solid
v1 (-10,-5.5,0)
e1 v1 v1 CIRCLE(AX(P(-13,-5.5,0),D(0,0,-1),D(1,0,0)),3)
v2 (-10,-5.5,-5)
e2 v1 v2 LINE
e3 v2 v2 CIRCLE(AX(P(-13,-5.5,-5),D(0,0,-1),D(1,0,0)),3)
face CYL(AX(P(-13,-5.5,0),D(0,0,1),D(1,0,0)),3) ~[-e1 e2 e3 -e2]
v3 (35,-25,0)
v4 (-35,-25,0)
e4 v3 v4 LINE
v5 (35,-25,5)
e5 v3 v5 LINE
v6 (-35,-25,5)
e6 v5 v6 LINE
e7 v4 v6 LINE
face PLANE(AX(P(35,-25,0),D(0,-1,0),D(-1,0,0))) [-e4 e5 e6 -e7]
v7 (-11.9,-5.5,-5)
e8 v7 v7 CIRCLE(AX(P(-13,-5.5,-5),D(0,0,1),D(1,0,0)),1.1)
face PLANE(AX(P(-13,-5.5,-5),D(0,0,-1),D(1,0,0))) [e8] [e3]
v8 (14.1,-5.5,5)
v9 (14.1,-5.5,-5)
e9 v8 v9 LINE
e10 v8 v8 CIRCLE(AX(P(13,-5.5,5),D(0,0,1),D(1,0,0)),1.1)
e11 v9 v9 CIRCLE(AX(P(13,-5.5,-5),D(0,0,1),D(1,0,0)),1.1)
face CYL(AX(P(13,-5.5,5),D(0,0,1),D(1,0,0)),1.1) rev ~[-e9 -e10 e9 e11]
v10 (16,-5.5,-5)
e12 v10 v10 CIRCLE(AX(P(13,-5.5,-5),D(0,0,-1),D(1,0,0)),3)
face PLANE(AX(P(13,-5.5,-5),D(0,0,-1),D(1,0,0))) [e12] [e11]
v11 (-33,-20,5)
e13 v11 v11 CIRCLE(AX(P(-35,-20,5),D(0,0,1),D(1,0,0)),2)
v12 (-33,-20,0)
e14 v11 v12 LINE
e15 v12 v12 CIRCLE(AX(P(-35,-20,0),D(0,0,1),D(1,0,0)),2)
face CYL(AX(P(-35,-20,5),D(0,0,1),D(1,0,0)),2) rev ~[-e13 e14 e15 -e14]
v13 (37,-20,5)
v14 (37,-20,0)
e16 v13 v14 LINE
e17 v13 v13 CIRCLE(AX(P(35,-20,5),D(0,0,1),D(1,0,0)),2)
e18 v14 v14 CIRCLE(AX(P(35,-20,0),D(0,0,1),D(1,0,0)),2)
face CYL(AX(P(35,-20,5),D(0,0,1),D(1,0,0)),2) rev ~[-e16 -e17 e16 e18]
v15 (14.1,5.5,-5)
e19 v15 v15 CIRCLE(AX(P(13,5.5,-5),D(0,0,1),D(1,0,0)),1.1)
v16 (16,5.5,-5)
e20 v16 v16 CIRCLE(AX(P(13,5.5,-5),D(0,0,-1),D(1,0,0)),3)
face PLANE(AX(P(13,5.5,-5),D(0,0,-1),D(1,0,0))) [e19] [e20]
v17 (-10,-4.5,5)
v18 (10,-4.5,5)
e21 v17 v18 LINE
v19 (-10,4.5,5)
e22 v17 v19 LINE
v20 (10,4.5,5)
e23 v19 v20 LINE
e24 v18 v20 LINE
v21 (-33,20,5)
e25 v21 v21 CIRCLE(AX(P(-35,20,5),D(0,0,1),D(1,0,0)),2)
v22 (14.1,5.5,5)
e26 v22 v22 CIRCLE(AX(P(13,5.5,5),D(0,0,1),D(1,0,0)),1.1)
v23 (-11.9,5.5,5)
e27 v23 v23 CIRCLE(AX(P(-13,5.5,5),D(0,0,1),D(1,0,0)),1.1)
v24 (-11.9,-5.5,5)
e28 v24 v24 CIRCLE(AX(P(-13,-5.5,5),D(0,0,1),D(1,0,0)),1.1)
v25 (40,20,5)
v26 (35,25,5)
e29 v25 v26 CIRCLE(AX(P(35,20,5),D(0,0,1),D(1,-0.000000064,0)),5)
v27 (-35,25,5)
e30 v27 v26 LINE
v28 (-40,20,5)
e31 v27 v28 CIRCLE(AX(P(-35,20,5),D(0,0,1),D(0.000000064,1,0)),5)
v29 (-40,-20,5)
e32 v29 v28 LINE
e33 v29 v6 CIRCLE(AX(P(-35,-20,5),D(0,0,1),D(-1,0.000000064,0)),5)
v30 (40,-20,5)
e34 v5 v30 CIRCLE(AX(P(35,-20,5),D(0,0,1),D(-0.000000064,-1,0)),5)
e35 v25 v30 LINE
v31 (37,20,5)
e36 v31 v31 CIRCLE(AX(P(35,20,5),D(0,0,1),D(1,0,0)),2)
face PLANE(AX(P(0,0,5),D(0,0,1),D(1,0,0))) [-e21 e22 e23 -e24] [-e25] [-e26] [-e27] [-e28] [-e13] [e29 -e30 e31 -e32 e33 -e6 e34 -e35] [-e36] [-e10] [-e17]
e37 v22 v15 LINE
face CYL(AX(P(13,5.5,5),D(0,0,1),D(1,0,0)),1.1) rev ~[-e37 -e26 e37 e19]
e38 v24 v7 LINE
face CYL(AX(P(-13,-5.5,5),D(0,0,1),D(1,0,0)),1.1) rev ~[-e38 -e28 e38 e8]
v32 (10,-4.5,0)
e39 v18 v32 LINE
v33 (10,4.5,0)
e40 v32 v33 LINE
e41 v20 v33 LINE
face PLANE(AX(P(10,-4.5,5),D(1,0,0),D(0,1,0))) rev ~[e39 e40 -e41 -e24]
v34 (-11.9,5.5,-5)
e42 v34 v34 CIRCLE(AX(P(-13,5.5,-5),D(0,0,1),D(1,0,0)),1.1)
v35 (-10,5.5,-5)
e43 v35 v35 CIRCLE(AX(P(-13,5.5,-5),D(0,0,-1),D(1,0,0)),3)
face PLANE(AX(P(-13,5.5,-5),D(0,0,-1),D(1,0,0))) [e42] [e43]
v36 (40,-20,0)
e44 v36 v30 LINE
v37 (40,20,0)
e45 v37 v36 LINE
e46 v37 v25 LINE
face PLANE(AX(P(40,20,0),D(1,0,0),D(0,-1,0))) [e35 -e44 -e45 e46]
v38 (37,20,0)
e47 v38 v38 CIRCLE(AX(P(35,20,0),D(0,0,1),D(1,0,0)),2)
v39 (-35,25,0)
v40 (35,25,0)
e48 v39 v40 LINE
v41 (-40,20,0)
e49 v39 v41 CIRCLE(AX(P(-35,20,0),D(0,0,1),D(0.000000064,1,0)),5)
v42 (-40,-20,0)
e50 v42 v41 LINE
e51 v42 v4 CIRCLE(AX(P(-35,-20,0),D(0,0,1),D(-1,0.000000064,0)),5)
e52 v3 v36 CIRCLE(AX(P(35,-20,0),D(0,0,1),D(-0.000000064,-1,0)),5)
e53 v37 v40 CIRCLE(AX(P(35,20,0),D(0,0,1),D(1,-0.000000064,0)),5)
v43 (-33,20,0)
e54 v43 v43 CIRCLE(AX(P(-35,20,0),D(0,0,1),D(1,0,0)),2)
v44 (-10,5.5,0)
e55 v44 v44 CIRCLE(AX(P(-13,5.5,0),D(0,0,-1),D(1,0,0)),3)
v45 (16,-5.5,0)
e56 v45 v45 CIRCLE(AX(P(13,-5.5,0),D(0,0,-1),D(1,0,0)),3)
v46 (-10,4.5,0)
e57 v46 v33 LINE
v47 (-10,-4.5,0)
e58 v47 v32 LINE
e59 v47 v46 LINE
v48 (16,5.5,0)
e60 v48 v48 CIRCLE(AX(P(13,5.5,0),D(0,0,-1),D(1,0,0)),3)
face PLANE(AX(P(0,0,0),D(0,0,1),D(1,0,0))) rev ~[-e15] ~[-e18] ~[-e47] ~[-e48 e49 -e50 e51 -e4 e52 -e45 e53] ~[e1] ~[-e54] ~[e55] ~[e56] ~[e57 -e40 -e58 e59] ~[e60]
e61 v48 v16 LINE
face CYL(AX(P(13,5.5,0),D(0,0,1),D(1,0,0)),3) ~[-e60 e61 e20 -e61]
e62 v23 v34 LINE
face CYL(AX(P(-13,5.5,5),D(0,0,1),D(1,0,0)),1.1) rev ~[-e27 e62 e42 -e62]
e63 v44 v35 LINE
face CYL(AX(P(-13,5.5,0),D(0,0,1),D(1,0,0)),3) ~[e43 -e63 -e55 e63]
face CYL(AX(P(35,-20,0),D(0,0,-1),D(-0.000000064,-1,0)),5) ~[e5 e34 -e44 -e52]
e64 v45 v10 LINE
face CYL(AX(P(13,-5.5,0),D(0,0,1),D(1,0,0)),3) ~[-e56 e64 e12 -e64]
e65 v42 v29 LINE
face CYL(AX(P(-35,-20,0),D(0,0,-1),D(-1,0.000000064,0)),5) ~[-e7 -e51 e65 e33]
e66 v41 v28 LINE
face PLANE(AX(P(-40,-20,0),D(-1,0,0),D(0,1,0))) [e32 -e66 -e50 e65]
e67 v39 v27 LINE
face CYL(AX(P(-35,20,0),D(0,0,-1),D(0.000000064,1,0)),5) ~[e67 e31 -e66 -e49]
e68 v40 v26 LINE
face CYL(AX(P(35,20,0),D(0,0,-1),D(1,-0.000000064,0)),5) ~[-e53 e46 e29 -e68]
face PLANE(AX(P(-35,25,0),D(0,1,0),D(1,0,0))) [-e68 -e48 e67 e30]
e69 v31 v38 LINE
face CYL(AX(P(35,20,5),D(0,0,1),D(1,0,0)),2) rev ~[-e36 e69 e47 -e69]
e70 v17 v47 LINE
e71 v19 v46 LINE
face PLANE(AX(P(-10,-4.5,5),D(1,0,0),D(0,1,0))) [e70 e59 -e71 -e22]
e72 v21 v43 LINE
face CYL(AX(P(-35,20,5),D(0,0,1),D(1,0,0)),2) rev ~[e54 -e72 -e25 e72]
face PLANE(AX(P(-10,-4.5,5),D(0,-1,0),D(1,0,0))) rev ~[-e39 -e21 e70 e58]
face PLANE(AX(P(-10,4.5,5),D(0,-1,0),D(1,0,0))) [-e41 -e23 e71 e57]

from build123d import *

# Parameters (mm, degrees)
PAD001_DEPTH    = 5
SKETCH006_R     = 2
POCKET003_DEPTH = 20
SKETCH008_R     = 3
PAD002_DEPTH    = 5
SKETCH007_R     = 1.1
SKETCH007_W     = 20
SKETCH007_H     = 9
POCKET004_DEPTH = 20


with BuildPart() as part:
    # Sketch005 → Pad001 (new body)
    with BuildSketch(Plane.XY):
        with BuildLine():
            ThreePointArc((-35, 25), (-38.535534, 23.535534), (-40, 20))
            Line((-40, -20), (-40, 20))
            ThreePointArc((-40, -20), (-38.535534, -23.535534), (-35, -25))
            Line((35, -25), (-35, -25))
            ThreePointArc((35, -25), (38.535534, -23.535534), (40, -20))
            Line((40, 20), (40, -20))
            ThreePointArc((40, 20), (38.535534, 23.535534), (35, 25))
            Line((-35, 25), (35, 25))
        make_face()
    extrude(amount=PAD001_DEPTH)

    # Sketch006 (on Face10 of Pad001) → Pocket003 (cut)
    with BuildSketch(Plane.XY.offset(5)):
        with Locations((-35, 20)):
            Circle(SKETCH006_R)
        with Locations((35, 20)):
            Circle(SKETCH006_R)
        with Locations((35, -20)):
            Circle(SKETCH006_R)
        with Locations((-35, -20)):
            Circle(SKETCH006_R)
    extrude(amount=-POCKET003_DEPTH, mode=Mode.SUBTRACT)

    # Sketch008 → Pad002 (join)
    with BuildSketch(Plane(origin=(0, 0, 0), x_dir=(1, 0, 0), z_dir=(0, 0, -1))):
        with Locations((-13, 5.5)):
            Circle(SKETCH008_R)
        with Locations((13, 5.5)):
            Circle(SKETCH008_R)
        with Locations((13, -5.5)):
            Circle(SKETCH008_R)
        with Locations((-13, -5.5)):
            Circle(SKETCH008_R)
    extrude(amount=PAD002_DEPTH)

    # Sketch007 (on Face5 of Pocket003) → Pocket004 (cut)
    with BuildSketch(Plane.XY.offset(5)):
        with Locations((-13, 5.5)):
            Circle(SKETCH007_R)
        with Locations((13, 5.5)):
            Circle(SKETCH007_R)
        with Locations((13, -5.5)):
            Circle(SKETCH007_R)
        with Locations((-13, -5.5)):
            Circle(SKETCH007_R)
        Rectangle(SKETCH007_W, SKETCH007_H)
    extrude(amount=-POCKET004_DEPTH, mode=Mode.SUBTRACT)


solid = part.part
